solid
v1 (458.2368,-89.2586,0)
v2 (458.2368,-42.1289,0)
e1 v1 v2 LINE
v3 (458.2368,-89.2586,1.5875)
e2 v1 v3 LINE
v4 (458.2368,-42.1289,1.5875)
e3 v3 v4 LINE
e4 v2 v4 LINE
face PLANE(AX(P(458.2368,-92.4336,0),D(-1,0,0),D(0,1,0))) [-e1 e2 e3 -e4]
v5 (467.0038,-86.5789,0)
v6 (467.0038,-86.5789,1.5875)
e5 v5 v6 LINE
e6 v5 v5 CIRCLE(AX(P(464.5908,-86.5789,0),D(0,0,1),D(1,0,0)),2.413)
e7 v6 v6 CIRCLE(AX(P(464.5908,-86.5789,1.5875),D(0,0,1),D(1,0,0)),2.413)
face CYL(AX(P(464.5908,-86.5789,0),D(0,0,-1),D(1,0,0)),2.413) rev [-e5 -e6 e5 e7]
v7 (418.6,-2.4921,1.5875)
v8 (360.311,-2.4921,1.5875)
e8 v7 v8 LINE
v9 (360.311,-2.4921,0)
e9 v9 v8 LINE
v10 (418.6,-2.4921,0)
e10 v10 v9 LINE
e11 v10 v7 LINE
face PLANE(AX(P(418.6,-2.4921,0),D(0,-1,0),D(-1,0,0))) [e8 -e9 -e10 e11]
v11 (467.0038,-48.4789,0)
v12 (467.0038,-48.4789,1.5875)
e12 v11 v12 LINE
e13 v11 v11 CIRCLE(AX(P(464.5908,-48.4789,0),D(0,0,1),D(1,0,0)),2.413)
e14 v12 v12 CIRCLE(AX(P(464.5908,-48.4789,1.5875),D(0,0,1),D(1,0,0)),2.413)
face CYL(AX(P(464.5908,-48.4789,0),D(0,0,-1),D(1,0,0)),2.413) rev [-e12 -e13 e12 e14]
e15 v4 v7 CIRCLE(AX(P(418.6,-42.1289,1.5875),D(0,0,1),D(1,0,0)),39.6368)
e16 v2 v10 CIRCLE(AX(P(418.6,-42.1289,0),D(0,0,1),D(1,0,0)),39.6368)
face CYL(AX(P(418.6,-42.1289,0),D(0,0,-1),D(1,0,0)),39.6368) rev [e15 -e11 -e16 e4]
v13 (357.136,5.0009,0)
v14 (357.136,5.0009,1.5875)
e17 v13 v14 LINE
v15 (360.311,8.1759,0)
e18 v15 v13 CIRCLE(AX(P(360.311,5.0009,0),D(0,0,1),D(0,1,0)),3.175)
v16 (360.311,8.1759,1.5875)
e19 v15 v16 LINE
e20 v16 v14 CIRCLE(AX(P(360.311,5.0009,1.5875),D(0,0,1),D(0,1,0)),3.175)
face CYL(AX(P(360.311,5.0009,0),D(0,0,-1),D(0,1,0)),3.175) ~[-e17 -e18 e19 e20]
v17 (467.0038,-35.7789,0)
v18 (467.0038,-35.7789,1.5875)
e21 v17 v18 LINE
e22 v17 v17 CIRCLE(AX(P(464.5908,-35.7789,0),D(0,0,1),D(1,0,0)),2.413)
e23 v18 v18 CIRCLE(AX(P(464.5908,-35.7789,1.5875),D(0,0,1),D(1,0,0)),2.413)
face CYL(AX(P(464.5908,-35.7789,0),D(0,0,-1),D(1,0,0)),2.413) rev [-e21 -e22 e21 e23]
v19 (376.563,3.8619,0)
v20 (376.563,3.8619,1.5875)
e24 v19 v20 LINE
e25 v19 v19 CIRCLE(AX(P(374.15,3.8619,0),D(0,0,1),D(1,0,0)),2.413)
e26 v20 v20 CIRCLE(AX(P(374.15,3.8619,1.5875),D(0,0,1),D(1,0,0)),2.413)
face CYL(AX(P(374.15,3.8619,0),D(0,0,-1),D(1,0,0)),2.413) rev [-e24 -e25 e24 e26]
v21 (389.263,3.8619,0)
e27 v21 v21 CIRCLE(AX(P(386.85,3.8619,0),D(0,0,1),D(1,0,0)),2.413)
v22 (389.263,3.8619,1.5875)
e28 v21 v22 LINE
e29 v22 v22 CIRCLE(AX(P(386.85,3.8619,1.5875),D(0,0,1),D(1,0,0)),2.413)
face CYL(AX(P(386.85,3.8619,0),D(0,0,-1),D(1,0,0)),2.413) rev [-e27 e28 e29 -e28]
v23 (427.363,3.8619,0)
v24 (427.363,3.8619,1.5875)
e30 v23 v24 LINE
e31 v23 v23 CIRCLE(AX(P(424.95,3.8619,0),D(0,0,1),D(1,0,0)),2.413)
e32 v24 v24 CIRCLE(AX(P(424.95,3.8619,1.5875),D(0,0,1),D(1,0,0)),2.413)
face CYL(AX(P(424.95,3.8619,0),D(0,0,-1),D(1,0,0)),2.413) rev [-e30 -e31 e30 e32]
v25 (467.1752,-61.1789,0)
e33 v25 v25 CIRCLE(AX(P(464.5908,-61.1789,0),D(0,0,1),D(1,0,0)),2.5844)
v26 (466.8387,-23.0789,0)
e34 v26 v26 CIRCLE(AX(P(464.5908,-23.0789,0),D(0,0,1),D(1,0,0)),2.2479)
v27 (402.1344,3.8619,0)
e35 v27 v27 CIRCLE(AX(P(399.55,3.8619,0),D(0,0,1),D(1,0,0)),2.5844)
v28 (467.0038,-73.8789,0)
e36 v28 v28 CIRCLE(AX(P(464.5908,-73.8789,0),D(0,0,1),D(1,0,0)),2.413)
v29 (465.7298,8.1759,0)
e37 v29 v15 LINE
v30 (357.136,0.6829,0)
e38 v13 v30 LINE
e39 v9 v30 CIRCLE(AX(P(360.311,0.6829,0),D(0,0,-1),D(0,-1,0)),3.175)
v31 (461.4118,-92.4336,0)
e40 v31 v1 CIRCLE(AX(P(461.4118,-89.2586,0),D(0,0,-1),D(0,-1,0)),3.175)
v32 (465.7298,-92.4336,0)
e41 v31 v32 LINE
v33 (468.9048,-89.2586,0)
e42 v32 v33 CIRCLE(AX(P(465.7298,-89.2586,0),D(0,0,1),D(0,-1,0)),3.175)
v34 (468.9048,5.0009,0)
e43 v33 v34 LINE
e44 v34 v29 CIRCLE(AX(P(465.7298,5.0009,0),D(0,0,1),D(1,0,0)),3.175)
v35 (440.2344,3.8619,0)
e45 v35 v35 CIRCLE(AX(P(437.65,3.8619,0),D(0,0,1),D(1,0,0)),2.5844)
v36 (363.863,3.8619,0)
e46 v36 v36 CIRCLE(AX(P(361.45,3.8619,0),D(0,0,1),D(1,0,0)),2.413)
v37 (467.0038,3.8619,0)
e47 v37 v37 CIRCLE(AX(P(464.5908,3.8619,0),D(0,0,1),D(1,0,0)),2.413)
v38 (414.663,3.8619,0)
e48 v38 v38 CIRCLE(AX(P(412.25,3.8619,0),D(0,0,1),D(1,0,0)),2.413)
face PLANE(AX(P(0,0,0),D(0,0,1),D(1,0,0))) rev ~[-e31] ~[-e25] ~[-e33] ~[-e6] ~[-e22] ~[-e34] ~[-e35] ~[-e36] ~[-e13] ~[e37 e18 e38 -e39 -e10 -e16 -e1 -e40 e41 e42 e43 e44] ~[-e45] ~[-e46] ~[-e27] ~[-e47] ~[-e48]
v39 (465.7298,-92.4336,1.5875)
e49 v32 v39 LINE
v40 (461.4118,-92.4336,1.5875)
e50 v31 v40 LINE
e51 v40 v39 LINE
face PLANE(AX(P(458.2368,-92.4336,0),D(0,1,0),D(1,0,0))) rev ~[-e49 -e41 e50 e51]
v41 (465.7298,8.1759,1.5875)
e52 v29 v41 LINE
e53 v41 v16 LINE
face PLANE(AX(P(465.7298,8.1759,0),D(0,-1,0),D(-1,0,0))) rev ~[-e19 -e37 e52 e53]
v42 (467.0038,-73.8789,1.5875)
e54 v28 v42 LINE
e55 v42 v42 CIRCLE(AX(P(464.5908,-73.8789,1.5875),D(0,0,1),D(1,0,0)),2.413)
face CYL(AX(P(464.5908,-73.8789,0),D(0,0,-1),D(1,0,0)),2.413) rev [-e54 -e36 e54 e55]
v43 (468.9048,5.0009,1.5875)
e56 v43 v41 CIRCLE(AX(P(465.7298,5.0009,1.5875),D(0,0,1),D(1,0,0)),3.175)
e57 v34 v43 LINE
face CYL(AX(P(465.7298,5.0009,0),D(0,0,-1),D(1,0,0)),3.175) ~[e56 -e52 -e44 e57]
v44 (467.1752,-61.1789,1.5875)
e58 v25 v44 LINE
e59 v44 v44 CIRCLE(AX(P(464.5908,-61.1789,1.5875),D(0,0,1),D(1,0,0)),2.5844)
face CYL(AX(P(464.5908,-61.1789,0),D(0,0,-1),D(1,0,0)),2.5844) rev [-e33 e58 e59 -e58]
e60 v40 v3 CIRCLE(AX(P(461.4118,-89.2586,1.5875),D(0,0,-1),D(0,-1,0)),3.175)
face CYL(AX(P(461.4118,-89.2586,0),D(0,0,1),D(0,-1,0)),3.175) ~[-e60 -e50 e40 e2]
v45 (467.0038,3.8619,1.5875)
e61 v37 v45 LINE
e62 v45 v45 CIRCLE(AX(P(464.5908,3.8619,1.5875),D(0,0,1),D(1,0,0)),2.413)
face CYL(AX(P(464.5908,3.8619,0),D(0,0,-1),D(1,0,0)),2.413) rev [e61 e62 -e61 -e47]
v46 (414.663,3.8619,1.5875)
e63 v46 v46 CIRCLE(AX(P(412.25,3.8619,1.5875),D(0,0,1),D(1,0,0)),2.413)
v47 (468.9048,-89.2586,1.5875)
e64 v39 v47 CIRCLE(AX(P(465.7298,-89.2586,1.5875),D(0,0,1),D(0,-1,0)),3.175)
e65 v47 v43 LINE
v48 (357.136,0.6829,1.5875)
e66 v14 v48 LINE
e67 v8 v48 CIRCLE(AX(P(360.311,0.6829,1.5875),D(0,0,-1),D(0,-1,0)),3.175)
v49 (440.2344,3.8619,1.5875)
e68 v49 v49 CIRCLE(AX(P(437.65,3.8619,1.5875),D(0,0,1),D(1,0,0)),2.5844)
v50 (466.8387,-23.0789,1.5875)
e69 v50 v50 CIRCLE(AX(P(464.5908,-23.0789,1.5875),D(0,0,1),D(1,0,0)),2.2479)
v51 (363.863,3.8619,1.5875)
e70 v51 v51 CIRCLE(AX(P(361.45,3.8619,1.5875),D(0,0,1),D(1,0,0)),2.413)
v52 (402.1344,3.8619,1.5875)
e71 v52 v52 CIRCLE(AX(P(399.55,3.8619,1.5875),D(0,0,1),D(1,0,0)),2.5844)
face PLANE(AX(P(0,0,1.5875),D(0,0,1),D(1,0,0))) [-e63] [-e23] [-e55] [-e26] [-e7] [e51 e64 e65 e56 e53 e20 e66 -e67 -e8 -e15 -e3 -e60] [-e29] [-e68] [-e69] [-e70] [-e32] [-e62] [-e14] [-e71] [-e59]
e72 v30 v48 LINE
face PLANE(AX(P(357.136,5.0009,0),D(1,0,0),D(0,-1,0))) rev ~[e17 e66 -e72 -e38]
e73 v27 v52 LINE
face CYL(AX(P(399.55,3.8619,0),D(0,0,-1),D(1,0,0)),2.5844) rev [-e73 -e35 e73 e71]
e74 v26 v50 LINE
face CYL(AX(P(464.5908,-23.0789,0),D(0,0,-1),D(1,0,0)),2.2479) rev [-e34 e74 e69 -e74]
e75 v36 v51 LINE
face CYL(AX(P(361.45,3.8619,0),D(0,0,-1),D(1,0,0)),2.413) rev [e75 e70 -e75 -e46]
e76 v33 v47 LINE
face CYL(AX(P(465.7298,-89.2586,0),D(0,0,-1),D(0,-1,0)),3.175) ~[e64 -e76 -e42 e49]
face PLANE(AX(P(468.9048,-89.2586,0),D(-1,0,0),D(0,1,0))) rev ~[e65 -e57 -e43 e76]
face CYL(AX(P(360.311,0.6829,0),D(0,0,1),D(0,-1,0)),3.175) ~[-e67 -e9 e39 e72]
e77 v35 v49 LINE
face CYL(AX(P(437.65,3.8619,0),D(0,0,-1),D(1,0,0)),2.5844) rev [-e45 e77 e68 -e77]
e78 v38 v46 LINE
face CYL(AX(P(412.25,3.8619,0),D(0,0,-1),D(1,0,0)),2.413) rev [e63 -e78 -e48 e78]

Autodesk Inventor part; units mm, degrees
ref_plane "YZ Plane" through (0, 0, 0) normal (1, 0, 0) x (0, 1, 0)
ref_plane "XZ Plane" through (0, 0, 0) normal (0, 1, 0) x (-1, 0, 0)
ref_plane "XY Plane" through (0, 0, 0) normal (0, 0, 1) x (1, 0, 0)
ref_plane "Work Plane1" through (0, 0, 0) normal (0, 0, 1) x (1, 0, 0)
sketch "Sketch1" plane through (0, 0, 0) normal (0, 0, 1) x (1, 0, 0)
  line L0 (468.9048, -89.2586) -> (468.9048, 5.0009) projected
  arc A0 (468.9048, 5.0009) -> (465.7298, 8.1759) centre (465.7298, 5.0009) ccw projected
  line L1 (465.7298, 8.1759) -> (360.311, 8.1759) projected
  line L2 (458.2368, -92.4336) -> (458.2368, -2.4921)
  line L3 (458.2368, -2.4921) -> (357.136, -2.4921)
  arc A1 (360.311, 8.1759) -> (357.136, 5.0009) centre (360.311, 5.0009) ccw projected
  line L4 (357.136, 5.0009) -> (357.136, -89.2586) projected
  arc A2 (357.136, -89.2586) -> (360.311, -92.4336) centre (360.311, -89.2586) ccw projected
  line L5 (360.311, -92.4336) -> (465.7298, -92.4336) projected
  arc A3 (465.7298, -92.4336) -> (468.9048, -89.2586) centre (465.7298, -89.2586) ccw projected
  line L6 (468.9048, -89.2586) -> (468.9048, 5.0009) projected
  arc A4 (468.9048, 5.0009) -> (465.7298, 8.1759) centre (465.7298, 5.0009) ccw projected
  line L7 (465.7298, 8.1759) -> (360.311, 8.1759) projected
  circle A5 centre (437.65, 3.8619) radius 2.5844 projected
  circle A6 centre (372.6092, -23.0789) radius 2.5844 projected
  circle A7 centre (399.55, -88.1196) radius 2.5844 projected
  circle A8 centre (464.5908, -61.1789) radius 2.5844 projected
  circle A9 centre (372.6092, -88.1196) radius 2.413 projected
  circle A10 centre (412.25, 3.8619) radius 2.413 projected
  circle A11 centre (464.5908, -73.8789) radius 2.413 projected
  circle A12 centre (464.5908, -48.4789) radius 2.413 projected
  circle A13 centre (464.5908, -35.7789) radius 2.413 projected
  circle A14 centre (374.15, 3.8619) radius 2.413 projected
  circle A15 centre (386.85, 3.8619) radius 2.413 projected
  arc A16 (365.5823, -19.7251) -> (365.5823, -17.8759) centre (362.2803, -18.8005) ccw projected
  line L8 (365.5823, -19.7251) -> (365.5823, -22.1025) projected
  line L9 (365.5823, -22.1025) -> (363.2049, -22.1025) projected
  arc A17 (361.3557, -22.1025) -> (363.2049, -22.1025) centre (362.2803, -18.8005) ccw projected
  line L10 (361.3557, -22.1025) -> (358.9783, -22.1025) projected
  line L11 (358.9783, -22.1025) -> (358.9783, -19.7251) projected
  arc A18 (358.9783, -17.8759) -> (358.9783, -19.7251) centre (362.2803, -18.8005) ccw projected
  line L12 (358.9783, -17.8759) -> (358.9783, -15.4985) projected
  line L13 (358.9783, -15.4985) -> (361.3557, -15.4985) projected
  arc A19 (363.2049, -15.4985) -> (361.3557, -15.4985) centre (362.2803, -18.8005) ccw projected
  line L14 (363.2049, -15.4985) -> (365.5823, -15.4985) projected
  line L15 (365.5823, -15.4985) -> (365.5823, -17.8759) projected
  circle A20 centre (424.95, 3.8619) radius 2.413 projected
  arc A21 (358.9783, -64.5327) -> (358.9783, -66.3818) centre (362.2803, -65.4572) ccw projected
  line L16 (358.9783, -64.5327) -> (358.9783, -62.1552) projected
  line L17 (358.9783, -62.1552) -> (361.3557, -62.1552) projected
  arc A22 (363.2049, -62.1552) -> (361.3557, -62.1552) centre (362.2803, -65.4572) ccw projected
  line L18 (363.2049, -62.1552) -> (365.5823, -62.1552) projected
  line L19 (365.5823, -62.1552) -> (365.5823, -64.5327) projected
  arc A23 (365.5823, -66.3818) -> (365.5823, -64.5327) centre (362.2803, -65.4572) ccw projected
  line L20 (365.5823, -66.3818) -> (365.5823, -68.7592) projected
  line L21 (365.5823, -68.7592) -> (363.2049, -68.7592) projected
  arc A24 (361.3557, -68.7592) -> (363.2049, -68.7592) centre (362.2803, -65.4572) ccw projected
  line L22 (361.3557, -68.7592) -> (358.9783, -68.7592) projected
  line L23 (358.9783, -68.7592) -> (358.9783, -66.3818) projected
  circle A25 centre (464.5908, -86.5789) radius 2.413 projected
  circle A26 centre (464.5908, -23.0789) radius 1.9844 projected
  circle A27 centre (464.5908, 3.8619) radius 2.413 projected
  circle A28 centre (361.45, 3.8619) radius 2.413 projected
  circle A29 centre (418.6, -42.1289) radius 36.6 projected
  circle A30 centre (437.65, -88.1196) radius 2.5844 projected
  circle A31 centre (372.6092, -61.1789) radius 2.5844 projected
  circle A32 centre (399.55, 3.8619) radius 2.5844 projected
  circle A33 centre (418.6, -42.1289) radius 39.6368
  circle A34 centre (464.5908, 3.8619) radius 2.2479
  circle A35 centre (464.5908, -23.0789) radius 2.2479
  circle A36 centre (464.5908, -35.7789) radius 2.2479
  circle A37 centre (464.5908, -48.4789) radius 2.2479
  circle A38 centre (464.5908, -61.1789) radius 2.2479
  circle A39 centre (464.5908, -73.8789) radius 2.2479
  circle A40 centre (464.5908, -86.5789) radius 2.2479
  circle A41 centre (437.65, 3.8619) radius 2.2479
  circle A42 centre (424.95, 3.8619) radius 2.2479
  circle A43 centre (412.25, 3.8619) radius 2.2479
  circle A44 centre (399.55, 3.8619) radius 2.2479
  circle A45 centre (386.85, 3.8619) radius 2.2479
  circle A46 centre (374.15, 3.8619) radius 2.2479
  circle A47 centre (361.45, 3.8619) radius 2.2479
  point P0 (0, 0)
  point P1 (418.6, -2.4921)
  point P2 (458.2368, -42.1289)
  dimension "d0" = 10.668
  dimension "d2" = 4.4958
  dimension "d5" = 12.7
  dimension "d10" = 4.4958
  dimension "d13" = 12.7
extrude "Extrusion1" add sketch "Sketch1" along normal blind 1.5875 contours A3 L5 L2 L3 L4 A1 L1 A0 L0 | A33 L3 L2
fillet "Fillet1" radius 3.175 2 edges at (458.2368, -92.4336, 0.7938) (357.136, -2.4921, 0.7938)
properties part number "UnderGusset" material "Aluminum 6061"
